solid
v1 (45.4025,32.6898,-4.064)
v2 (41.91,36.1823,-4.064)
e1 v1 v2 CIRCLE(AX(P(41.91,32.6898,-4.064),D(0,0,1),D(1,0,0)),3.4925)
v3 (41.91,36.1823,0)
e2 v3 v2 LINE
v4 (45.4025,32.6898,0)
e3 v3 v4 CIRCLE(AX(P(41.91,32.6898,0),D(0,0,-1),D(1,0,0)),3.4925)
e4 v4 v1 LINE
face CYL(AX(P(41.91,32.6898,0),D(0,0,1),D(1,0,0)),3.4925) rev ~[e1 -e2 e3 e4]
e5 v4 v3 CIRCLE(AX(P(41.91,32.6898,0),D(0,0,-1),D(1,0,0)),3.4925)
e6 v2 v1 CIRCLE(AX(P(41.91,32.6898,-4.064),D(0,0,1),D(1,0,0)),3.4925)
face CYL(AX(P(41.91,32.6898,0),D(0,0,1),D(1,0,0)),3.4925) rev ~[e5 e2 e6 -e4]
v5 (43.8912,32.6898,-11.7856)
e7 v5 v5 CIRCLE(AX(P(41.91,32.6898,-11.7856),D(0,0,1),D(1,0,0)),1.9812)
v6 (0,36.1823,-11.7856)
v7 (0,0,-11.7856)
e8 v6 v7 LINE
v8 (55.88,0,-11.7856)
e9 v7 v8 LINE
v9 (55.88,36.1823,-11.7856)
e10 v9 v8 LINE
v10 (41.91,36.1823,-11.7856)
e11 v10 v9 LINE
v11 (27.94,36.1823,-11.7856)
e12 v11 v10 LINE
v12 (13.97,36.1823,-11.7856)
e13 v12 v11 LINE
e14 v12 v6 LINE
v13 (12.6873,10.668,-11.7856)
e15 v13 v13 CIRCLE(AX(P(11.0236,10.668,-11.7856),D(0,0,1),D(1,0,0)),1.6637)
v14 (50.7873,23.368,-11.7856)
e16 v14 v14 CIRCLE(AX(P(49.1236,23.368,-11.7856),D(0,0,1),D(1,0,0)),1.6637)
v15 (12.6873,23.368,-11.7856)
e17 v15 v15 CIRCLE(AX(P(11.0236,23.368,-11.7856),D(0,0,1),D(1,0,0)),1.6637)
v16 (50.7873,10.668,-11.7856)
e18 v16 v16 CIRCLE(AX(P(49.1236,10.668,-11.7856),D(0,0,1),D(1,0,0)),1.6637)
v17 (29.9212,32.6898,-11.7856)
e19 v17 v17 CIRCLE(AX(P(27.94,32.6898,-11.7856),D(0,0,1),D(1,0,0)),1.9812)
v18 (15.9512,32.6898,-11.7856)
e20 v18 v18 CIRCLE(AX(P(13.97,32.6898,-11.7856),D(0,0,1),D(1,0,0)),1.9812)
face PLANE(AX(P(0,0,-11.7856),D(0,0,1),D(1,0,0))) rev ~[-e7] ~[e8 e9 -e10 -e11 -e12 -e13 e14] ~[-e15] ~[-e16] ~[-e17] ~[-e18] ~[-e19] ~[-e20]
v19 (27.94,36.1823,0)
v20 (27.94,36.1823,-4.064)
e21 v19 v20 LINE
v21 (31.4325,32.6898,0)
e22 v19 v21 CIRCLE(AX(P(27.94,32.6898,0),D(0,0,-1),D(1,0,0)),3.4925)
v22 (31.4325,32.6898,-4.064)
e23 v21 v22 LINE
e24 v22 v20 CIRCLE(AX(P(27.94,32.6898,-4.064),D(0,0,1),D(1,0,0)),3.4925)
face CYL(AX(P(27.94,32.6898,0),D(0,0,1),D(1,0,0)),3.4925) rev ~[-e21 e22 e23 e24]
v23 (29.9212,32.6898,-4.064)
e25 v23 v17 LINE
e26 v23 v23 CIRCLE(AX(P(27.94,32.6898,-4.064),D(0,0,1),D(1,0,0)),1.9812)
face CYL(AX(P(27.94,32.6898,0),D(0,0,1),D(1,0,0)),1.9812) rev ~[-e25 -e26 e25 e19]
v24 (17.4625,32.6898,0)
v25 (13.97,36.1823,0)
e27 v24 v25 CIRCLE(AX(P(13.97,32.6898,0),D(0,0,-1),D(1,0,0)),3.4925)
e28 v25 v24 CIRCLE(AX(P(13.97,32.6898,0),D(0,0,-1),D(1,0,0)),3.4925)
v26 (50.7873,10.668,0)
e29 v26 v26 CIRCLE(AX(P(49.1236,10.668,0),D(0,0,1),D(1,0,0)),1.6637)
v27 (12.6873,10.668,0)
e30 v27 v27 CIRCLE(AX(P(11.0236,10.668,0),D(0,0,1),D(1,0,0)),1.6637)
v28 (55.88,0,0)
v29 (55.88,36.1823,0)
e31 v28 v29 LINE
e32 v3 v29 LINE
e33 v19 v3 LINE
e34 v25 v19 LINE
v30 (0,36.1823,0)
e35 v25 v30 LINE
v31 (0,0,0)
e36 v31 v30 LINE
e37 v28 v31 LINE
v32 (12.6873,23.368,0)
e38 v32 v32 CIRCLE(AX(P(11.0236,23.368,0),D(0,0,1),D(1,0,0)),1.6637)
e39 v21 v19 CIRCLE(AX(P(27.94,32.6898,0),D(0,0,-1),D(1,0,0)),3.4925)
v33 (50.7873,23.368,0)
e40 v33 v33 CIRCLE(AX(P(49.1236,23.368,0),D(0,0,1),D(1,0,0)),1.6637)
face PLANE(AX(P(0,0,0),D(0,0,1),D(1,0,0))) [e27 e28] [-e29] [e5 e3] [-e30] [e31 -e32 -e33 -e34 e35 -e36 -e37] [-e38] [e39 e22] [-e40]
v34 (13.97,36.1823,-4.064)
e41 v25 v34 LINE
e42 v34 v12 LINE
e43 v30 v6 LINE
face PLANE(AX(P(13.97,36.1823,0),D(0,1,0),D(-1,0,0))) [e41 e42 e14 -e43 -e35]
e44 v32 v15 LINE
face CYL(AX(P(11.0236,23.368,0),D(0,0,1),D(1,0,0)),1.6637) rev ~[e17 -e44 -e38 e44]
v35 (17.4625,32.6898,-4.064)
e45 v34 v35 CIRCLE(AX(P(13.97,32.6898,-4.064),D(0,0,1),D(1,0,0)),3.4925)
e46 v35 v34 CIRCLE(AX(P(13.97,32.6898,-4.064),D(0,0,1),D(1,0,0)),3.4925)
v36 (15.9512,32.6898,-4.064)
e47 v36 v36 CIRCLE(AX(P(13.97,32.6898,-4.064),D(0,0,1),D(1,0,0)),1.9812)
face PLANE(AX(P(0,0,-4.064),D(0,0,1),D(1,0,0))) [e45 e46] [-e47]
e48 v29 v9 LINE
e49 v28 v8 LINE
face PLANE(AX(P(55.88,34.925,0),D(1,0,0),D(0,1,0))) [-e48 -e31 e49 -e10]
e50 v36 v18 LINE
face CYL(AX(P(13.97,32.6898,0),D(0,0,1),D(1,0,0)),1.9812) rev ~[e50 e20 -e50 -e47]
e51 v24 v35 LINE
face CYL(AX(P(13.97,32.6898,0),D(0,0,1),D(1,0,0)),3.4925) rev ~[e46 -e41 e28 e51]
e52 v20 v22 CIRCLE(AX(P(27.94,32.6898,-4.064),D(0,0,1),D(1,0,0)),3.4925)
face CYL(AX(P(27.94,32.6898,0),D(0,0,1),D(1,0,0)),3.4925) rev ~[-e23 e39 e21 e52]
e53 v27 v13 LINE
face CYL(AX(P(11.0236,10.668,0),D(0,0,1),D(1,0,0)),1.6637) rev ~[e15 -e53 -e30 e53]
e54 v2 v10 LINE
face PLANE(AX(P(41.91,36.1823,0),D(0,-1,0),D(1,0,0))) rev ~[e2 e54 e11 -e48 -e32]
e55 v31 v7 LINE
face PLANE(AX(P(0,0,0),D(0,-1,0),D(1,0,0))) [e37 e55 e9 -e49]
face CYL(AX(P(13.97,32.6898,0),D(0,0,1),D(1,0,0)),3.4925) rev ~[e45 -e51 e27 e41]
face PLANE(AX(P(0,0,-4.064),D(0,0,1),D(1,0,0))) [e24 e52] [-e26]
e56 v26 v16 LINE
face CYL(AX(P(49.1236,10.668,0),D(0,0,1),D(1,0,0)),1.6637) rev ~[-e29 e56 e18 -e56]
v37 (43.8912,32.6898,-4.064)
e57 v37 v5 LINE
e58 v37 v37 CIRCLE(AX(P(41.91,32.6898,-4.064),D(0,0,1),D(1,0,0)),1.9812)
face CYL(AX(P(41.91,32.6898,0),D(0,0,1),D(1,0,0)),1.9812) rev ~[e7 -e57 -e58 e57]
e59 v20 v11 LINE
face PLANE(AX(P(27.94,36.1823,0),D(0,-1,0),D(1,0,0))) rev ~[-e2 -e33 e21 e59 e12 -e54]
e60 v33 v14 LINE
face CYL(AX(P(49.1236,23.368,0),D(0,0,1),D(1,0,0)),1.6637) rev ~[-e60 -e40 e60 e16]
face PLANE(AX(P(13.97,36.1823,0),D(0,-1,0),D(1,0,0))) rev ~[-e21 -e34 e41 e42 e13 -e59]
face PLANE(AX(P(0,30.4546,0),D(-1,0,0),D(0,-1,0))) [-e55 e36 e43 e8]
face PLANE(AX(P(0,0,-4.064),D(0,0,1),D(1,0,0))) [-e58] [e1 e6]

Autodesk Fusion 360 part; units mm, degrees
sketch "Sketch1" plane through (0, 0, 0) normal (0, 0, 1) x (1, 0, 0)
  line L0 (0, 0) -> (55.88, 0)
  line L1 (55.88, 0) -> (55.88, 36.1823)
  line L2 (0, 34.925) -> (0, 0)
  line L3 (0, 0) -> (11.0236, 0)
  line L4 (11.0236, 0) -> (11.0236, 10.668) construction
  circle A0 centre (11.0236, 10.668) radius 1.6637
  line L5 (11.0236, 10.668) -> (11.0236, 23.368) construction
  circle A1 centre (11.0236, 23.368) radius 1.6637
  line L6 (11.0236, 10.668) -> (49.1236, 10.668) construction
  line L7 (11.0236, 23.368) -> (49.1236, 23.368) construction
  circle A2 centre (49.1236, 10.668) radius 1.6637
  circle A3 centre (49.1236, 23.368) radius 1.6637
  line L8 (0, 34.925) -> (0, 30.4546)
  line L9 (0, 30.4546) -> (55.88, 30.4546) construction
  line L10 (27.94, 34.925) -> (27.94, 30.4546) construction
  line L11 (27.94, 32.6898) -> (55.88, 32.6898) construction
  line L12 (27.94, 32.6898) -> (0, 32.6898) construction
  line L13 (13.97, 32.6898) -> (13.97, 30.4546) construction
  line L14 (41.91, 32.6898) -> (41.91, 30.4546) construction
  circle A4 centre (13.97, 32.6898) radius 1.9812
  circle A5 centre (27.94, 32.6898) radius 1.9812
  circle A6 centre (41.91, 32.6898) radius 1.9812
  circle A7 centre (13.97, 32.6898) radius 3.4925
  circle A8 centre (27.94, 32.6898) radius 3.4925
  circle A9 centre (41.91, 32.6898) radius 3.4925
  line L15 (13.97, 36.1823) -> (0, 36.1823)
  line L16 (0, 36.1823) -> (0, 34.925)
  line L17 (13.97, 36.1823) -> (55.88, 36.1823)
  line L18 (0, 34.925) -> (55.88, 34.925)
  dimension "d1" = 55.88
  dimension "d2" = 34.925
  dimension "d3" = 11.0236
  dimension "d4" = 10.668
  dimension "d5" = 3.3274
  dimension "d6" = 12.7
  dimension "d7" = 3.3274
  dimension "d8" = 38.1
  dimension "d9" = 38.1
  dimension "d10" = 3.3274
  dimension "d11" = 3.3274
  dimension "d12" = 4.4704
  dimension "d13" = 3.9624
  dimension "d14" = 3.9624
  dimension "d15" = 3.9624
  dimension "d16" = 6.985
  dimension "d17" = 6.985
  dimension "d18" = 6.985
extrude "Extrude1" add sketch "Sketch1" against normal blind 11.7856
extrude "Extrude2" cut sketch "Sketch1" against normal blind 4.064 contours A7 L18 | A7 L18 | A9 L18 | A9 L18 | A8 L18 | A8 L18
